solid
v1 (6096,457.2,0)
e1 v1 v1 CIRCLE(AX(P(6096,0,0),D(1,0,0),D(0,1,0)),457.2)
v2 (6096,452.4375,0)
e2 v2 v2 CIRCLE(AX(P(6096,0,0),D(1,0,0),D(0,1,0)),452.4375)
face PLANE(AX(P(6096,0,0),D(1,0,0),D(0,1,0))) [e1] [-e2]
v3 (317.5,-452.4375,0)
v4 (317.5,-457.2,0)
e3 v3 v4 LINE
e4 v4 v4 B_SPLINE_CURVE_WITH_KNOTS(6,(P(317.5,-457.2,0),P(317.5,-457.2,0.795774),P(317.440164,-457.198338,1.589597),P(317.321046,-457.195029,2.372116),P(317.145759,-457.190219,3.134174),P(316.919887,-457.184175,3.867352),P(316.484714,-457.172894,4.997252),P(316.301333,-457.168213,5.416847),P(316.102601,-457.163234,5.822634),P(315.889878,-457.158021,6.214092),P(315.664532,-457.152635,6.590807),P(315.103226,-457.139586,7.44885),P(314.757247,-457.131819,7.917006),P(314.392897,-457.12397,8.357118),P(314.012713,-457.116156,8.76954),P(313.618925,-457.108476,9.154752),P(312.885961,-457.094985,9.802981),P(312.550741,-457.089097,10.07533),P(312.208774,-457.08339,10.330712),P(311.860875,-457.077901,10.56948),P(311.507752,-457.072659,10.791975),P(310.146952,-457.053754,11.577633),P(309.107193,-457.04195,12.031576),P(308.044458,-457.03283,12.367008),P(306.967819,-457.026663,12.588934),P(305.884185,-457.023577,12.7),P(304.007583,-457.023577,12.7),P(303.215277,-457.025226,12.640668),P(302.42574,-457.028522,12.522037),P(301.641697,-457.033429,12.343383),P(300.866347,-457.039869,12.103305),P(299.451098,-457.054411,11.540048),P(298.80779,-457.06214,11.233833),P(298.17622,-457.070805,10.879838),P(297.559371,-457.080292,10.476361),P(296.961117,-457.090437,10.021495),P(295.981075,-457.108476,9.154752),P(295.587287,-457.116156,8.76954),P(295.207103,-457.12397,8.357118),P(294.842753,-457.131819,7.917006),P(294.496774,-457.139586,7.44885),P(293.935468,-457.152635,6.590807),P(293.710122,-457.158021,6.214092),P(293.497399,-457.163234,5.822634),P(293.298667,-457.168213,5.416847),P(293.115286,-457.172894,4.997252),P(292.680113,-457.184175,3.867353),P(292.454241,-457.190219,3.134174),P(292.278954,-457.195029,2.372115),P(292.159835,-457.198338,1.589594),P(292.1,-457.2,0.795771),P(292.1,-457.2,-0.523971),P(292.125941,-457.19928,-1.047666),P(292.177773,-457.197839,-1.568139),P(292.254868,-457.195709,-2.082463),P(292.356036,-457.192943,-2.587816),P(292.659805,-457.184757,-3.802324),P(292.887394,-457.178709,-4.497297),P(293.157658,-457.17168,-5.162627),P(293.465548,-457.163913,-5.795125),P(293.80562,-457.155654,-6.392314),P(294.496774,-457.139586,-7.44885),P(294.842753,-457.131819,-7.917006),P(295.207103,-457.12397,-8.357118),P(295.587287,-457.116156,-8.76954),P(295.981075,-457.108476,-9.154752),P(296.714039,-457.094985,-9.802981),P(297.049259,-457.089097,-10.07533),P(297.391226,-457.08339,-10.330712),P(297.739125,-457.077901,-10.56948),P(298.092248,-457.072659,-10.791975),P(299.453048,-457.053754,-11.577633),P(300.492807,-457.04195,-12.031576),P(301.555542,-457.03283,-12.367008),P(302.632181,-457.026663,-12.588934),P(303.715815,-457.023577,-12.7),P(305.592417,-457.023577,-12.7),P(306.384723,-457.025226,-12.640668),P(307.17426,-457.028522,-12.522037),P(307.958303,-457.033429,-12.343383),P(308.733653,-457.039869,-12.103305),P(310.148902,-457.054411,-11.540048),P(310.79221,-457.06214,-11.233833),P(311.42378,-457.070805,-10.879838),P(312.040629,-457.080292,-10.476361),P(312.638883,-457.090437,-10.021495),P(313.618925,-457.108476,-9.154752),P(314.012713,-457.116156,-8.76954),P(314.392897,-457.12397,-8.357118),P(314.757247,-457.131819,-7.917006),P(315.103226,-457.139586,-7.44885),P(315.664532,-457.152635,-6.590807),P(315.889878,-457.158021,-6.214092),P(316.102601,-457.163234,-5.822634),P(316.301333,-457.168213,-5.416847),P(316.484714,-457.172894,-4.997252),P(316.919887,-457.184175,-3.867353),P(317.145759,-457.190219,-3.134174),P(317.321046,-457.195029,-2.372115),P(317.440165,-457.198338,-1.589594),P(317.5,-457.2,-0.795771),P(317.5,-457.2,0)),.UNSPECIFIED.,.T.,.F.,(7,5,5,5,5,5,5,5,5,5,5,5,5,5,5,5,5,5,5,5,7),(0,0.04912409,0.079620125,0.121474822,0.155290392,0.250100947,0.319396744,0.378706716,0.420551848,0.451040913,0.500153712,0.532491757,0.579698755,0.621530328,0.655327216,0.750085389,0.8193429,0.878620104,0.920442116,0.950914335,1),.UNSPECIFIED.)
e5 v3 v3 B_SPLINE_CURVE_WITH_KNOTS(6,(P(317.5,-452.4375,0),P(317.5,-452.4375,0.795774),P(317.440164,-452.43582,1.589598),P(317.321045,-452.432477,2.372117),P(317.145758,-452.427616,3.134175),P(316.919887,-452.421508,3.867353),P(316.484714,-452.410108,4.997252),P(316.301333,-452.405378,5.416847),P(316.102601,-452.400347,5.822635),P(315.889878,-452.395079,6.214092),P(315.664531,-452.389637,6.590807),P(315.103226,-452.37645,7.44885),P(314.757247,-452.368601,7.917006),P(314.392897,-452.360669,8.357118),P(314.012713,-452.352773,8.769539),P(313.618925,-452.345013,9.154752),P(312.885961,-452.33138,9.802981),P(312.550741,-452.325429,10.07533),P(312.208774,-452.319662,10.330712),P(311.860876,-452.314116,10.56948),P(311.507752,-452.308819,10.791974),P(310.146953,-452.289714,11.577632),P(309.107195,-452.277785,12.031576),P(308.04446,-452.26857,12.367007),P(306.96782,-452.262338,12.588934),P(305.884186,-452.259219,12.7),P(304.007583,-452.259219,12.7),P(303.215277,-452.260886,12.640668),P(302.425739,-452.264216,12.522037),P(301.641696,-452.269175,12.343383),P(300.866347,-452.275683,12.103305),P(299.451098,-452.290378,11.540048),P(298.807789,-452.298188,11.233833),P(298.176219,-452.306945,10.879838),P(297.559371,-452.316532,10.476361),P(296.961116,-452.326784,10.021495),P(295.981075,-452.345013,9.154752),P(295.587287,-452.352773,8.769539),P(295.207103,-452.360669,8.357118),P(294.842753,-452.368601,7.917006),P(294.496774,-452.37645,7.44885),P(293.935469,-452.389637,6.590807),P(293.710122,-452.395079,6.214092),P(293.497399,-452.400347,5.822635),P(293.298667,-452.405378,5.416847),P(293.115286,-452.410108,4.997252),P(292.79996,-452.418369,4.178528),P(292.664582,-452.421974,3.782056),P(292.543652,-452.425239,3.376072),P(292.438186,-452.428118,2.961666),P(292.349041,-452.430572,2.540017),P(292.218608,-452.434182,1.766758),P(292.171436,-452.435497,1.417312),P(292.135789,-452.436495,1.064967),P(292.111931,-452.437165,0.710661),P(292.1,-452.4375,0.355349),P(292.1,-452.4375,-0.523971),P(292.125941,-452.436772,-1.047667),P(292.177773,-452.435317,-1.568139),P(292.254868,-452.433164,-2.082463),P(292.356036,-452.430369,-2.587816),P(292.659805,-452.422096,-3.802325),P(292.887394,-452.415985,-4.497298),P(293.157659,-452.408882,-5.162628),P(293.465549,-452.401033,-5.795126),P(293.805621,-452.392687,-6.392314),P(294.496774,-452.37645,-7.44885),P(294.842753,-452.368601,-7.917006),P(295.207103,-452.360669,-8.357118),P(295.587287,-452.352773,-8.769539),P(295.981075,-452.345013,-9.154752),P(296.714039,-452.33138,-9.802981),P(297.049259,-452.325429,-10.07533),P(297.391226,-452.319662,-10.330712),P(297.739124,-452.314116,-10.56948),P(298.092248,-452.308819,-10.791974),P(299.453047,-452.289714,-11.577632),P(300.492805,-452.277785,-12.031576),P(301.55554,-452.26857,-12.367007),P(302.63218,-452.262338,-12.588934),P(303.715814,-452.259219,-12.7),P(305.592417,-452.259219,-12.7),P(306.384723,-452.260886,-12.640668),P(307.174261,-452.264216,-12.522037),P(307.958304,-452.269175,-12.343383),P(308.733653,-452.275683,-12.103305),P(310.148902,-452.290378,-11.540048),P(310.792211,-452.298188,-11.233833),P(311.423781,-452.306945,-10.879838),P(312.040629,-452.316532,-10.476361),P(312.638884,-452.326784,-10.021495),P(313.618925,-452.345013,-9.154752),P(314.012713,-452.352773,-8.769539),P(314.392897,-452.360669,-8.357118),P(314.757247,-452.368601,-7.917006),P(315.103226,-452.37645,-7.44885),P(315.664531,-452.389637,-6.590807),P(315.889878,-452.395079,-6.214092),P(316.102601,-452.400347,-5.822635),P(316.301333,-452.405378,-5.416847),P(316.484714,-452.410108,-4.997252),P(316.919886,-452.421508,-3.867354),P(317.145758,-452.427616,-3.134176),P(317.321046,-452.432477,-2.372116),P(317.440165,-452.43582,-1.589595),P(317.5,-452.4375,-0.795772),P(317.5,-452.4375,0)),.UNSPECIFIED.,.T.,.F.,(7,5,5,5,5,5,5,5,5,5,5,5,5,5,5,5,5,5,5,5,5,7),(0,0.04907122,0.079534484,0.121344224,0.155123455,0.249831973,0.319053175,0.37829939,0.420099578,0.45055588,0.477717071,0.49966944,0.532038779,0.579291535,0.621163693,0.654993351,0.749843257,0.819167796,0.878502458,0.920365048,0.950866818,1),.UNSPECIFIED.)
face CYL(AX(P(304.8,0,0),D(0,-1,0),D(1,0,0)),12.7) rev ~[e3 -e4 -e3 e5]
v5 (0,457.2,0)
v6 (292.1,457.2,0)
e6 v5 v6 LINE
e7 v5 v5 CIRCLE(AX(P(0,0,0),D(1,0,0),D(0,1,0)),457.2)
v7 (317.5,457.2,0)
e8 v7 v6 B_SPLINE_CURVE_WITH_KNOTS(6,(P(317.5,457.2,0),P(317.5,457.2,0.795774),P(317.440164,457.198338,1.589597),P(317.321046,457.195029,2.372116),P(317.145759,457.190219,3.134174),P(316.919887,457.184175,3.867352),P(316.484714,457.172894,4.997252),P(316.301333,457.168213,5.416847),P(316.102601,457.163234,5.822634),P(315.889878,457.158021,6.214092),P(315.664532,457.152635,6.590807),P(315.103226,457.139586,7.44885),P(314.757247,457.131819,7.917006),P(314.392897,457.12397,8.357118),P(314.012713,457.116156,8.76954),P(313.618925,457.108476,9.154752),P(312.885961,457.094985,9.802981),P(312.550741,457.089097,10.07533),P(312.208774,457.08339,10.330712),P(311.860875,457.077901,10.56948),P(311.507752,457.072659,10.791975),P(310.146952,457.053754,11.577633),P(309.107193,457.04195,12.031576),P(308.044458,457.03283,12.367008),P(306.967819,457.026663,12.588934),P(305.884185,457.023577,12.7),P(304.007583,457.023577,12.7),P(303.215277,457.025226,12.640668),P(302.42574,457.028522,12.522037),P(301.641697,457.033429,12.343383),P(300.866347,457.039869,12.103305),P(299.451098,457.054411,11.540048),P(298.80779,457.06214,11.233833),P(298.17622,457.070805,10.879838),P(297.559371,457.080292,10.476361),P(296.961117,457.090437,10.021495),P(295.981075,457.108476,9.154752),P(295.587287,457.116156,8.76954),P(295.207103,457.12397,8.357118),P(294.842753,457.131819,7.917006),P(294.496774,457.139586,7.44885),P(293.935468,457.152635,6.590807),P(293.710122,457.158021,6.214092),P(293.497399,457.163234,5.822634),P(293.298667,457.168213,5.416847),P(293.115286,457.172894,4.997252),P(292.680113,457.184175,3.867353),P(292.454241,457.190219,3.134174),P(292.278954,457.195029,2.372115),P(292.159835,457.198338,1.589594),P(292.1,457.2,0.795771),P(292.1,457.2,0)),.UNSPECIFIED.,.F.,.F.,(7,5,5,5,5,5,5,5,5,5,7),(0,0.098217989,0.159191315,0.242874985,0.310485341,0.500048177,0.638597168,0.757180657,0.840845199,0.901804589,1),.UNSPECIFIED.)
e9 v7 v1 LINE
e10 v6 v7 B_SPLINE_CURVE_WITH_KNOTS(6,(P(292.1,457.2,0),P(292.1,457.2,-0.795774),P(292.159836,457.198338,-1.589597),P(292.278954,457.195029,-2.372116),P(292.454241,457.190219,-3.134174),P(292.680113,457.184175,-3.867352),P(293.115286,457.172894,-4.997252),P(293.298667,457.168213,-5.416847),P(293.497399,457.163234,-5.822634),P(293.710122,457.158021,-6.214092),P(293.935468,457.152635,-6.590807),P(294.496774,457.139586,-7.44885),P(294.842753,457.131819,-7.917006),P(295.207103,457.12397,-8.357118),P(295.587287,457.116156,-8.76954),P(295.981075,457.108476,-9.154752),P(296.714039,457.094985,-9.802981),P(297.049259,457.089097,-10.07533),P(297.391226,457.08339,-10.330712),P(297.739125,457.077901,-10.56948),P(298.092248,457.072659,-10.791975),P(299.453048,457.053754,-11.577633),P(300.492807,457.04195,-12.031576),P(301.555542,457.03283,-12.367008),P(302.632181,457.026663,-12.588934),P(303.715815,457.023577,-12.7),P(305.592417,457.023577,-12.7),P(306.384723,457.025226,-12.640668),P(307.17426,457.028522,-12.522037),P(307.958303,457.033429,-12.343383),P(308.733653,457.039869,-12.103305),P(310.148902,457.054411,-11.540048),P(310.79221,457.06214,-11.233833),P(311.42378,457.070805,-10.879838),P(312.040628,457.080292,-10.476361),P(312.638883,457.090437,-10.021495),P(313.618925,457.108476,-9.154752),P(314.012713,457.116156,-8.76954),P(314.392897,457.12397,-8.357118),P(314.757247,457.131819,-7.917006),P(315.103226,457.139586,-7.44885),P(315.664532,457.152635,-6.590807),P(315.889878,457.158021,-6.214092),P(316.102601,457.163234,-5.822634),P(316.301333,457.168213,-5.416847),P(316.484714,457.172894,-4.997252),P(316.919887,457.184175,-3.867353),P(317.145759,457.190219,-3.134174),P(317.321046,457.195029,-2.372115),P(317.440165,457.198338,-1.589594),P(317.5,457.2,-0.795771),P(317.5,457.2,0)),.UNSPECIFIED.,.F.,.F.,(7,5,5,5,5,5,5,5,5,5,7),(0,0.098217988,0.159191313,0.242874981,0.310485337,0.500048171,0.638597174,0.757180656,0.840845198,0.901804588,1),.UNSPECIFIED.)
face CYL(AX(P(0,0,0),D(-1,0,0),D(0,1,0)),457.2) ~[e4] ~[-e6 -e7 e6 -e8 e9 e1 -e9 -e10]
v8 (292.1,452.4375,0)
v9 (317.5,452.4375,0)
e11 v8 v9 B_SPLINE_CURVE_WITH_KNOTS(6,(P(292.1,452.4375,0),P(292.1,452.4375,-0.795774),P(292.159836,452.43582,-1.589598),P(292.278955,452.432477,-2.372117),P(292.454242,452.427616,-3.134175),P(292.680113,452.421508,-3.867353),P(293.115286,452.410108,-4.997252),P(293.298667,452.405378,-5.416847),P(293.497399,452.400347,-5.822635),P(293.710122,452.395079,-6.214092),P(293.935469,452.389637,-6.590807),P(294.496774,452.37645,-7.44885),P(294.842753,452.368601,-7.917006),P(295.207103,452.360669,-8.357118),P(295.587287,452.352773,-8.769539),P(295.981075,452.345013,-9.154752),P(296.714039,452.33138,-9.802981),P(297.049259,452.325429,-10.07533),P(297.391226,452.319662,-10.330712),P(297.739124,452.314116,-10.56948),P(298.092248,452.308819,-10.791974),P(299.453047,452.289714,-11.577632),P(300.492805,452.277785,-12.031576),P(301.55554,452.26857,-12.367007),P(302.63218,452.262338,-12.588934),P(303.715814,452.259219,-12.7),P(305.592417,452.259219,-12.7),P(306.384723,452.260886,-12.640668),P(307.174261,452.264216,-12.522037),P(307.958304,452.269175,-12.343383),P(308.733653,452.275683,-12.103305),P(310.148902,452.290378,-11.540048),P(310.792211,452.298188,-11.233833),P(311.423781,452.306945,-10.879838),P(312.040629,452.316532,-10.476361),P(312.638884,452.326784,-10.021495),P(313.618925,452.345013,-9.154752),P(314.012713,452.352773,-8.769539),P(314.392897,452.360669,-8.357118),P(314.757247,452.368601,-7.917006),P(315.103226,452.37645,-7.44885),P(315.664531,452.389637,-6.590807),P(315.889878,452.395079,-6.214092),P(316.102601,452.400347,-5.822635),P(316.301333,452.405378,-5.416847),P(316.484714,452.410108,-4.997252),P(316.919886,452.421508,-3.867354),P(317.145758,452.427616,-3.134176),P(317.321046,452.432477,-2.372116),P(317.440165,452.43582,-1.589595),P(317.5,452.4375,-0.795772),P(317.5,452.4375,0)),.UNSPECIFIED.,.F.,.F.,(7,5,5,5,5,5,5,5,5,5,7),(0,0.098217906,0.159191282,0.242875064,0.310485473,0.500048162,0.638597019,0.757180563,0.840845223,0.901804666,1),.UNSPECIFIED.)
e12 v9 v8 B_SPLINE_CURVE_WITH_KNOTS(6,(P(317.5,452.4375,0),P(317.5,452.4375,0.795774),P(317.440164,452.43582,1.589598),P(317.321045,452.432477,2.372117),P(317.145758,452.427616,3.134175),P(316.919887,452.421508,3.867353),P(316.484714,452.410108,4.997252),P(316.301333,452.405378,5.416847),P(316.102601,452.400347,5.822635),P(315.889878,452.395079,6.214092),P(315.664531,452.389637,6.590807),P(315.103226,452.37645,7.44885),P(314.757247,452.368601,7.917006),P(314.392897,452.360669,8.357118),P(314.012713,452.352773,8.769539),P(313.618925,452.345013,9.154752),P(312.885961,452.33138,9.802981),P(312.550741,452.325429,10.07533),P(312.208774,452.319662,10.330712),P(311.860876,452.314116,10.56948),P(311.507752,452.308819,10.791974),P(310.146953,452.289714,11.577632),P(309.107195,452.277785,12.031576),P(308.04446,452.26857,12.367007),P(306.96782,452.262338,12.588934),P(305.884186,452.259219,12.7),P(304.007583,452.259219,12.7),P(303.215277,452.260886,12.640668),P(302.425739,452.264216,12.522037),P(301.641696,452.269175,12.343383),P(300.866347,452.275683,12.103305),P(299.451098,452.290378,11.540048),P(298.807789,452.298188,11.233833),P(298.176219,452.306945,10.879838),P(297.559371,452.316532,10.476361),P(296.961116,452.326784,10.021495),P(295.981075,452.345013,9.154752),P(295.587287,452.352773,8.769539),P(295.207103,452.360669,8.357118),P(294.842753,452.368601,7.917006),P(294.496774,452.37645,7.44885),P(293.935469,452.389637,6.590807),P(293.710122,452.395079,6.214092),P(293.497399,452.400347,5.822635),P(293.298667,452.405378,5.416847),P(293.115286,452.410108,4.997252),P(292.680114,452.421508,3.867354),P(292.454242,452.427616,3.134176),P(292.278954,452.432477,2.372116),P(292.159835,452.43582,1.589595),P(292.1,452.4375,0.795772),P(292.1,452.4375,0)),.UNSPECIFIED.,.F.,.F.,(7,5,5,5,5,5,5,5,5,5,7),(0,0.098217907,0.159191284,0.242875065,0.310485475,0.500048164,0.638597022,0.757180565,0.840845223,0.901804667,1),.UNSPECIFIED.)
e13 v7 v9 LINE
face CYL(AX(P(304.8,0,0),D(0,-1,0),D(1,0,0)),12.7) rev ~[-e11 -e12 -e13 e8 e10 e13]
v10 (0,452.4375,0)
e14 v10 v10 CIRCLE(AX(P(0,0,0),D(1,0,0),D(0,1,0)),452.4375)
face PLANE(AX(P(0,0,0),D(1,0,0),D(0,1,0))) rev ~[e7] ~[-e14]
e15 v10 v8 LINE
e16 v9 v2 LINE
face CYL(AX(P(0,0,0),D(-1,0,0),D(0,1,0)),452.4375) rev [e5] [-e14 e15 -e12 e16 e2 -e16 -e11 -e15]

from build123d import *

# Parameters (mm, degrees)
F0_R     = 457.2
F0_R_2   = 452.4375
F1_DEPTH = 6096
F3_DEPTH = 508


with BuildPart() as f1:
    # F0 (on Right) → F1 (new body)
    with BuildSketch(Plane.YZ):
        Circle(F0_R)
        Circle(F0_R_2, mode=Mode.SUBTRACT)
    extrude(amount=F1_DEPTH)

    # F2 (on Front) → F3 (cut, symmetric)
    with BuildSketch(Plane.XZ):
        with BuildLine():
            ThreePointArc((292.1, 0), (304.8, -12.7), (317.5, 0))
            ThreePointArc((317.5, 0), (304.8, 12.7), (292.1, 0))
        make_face()
    extrude(amount=F3_DEPTH, both=True, mode=Mode.SUBTRACT)


solid = f1.part
